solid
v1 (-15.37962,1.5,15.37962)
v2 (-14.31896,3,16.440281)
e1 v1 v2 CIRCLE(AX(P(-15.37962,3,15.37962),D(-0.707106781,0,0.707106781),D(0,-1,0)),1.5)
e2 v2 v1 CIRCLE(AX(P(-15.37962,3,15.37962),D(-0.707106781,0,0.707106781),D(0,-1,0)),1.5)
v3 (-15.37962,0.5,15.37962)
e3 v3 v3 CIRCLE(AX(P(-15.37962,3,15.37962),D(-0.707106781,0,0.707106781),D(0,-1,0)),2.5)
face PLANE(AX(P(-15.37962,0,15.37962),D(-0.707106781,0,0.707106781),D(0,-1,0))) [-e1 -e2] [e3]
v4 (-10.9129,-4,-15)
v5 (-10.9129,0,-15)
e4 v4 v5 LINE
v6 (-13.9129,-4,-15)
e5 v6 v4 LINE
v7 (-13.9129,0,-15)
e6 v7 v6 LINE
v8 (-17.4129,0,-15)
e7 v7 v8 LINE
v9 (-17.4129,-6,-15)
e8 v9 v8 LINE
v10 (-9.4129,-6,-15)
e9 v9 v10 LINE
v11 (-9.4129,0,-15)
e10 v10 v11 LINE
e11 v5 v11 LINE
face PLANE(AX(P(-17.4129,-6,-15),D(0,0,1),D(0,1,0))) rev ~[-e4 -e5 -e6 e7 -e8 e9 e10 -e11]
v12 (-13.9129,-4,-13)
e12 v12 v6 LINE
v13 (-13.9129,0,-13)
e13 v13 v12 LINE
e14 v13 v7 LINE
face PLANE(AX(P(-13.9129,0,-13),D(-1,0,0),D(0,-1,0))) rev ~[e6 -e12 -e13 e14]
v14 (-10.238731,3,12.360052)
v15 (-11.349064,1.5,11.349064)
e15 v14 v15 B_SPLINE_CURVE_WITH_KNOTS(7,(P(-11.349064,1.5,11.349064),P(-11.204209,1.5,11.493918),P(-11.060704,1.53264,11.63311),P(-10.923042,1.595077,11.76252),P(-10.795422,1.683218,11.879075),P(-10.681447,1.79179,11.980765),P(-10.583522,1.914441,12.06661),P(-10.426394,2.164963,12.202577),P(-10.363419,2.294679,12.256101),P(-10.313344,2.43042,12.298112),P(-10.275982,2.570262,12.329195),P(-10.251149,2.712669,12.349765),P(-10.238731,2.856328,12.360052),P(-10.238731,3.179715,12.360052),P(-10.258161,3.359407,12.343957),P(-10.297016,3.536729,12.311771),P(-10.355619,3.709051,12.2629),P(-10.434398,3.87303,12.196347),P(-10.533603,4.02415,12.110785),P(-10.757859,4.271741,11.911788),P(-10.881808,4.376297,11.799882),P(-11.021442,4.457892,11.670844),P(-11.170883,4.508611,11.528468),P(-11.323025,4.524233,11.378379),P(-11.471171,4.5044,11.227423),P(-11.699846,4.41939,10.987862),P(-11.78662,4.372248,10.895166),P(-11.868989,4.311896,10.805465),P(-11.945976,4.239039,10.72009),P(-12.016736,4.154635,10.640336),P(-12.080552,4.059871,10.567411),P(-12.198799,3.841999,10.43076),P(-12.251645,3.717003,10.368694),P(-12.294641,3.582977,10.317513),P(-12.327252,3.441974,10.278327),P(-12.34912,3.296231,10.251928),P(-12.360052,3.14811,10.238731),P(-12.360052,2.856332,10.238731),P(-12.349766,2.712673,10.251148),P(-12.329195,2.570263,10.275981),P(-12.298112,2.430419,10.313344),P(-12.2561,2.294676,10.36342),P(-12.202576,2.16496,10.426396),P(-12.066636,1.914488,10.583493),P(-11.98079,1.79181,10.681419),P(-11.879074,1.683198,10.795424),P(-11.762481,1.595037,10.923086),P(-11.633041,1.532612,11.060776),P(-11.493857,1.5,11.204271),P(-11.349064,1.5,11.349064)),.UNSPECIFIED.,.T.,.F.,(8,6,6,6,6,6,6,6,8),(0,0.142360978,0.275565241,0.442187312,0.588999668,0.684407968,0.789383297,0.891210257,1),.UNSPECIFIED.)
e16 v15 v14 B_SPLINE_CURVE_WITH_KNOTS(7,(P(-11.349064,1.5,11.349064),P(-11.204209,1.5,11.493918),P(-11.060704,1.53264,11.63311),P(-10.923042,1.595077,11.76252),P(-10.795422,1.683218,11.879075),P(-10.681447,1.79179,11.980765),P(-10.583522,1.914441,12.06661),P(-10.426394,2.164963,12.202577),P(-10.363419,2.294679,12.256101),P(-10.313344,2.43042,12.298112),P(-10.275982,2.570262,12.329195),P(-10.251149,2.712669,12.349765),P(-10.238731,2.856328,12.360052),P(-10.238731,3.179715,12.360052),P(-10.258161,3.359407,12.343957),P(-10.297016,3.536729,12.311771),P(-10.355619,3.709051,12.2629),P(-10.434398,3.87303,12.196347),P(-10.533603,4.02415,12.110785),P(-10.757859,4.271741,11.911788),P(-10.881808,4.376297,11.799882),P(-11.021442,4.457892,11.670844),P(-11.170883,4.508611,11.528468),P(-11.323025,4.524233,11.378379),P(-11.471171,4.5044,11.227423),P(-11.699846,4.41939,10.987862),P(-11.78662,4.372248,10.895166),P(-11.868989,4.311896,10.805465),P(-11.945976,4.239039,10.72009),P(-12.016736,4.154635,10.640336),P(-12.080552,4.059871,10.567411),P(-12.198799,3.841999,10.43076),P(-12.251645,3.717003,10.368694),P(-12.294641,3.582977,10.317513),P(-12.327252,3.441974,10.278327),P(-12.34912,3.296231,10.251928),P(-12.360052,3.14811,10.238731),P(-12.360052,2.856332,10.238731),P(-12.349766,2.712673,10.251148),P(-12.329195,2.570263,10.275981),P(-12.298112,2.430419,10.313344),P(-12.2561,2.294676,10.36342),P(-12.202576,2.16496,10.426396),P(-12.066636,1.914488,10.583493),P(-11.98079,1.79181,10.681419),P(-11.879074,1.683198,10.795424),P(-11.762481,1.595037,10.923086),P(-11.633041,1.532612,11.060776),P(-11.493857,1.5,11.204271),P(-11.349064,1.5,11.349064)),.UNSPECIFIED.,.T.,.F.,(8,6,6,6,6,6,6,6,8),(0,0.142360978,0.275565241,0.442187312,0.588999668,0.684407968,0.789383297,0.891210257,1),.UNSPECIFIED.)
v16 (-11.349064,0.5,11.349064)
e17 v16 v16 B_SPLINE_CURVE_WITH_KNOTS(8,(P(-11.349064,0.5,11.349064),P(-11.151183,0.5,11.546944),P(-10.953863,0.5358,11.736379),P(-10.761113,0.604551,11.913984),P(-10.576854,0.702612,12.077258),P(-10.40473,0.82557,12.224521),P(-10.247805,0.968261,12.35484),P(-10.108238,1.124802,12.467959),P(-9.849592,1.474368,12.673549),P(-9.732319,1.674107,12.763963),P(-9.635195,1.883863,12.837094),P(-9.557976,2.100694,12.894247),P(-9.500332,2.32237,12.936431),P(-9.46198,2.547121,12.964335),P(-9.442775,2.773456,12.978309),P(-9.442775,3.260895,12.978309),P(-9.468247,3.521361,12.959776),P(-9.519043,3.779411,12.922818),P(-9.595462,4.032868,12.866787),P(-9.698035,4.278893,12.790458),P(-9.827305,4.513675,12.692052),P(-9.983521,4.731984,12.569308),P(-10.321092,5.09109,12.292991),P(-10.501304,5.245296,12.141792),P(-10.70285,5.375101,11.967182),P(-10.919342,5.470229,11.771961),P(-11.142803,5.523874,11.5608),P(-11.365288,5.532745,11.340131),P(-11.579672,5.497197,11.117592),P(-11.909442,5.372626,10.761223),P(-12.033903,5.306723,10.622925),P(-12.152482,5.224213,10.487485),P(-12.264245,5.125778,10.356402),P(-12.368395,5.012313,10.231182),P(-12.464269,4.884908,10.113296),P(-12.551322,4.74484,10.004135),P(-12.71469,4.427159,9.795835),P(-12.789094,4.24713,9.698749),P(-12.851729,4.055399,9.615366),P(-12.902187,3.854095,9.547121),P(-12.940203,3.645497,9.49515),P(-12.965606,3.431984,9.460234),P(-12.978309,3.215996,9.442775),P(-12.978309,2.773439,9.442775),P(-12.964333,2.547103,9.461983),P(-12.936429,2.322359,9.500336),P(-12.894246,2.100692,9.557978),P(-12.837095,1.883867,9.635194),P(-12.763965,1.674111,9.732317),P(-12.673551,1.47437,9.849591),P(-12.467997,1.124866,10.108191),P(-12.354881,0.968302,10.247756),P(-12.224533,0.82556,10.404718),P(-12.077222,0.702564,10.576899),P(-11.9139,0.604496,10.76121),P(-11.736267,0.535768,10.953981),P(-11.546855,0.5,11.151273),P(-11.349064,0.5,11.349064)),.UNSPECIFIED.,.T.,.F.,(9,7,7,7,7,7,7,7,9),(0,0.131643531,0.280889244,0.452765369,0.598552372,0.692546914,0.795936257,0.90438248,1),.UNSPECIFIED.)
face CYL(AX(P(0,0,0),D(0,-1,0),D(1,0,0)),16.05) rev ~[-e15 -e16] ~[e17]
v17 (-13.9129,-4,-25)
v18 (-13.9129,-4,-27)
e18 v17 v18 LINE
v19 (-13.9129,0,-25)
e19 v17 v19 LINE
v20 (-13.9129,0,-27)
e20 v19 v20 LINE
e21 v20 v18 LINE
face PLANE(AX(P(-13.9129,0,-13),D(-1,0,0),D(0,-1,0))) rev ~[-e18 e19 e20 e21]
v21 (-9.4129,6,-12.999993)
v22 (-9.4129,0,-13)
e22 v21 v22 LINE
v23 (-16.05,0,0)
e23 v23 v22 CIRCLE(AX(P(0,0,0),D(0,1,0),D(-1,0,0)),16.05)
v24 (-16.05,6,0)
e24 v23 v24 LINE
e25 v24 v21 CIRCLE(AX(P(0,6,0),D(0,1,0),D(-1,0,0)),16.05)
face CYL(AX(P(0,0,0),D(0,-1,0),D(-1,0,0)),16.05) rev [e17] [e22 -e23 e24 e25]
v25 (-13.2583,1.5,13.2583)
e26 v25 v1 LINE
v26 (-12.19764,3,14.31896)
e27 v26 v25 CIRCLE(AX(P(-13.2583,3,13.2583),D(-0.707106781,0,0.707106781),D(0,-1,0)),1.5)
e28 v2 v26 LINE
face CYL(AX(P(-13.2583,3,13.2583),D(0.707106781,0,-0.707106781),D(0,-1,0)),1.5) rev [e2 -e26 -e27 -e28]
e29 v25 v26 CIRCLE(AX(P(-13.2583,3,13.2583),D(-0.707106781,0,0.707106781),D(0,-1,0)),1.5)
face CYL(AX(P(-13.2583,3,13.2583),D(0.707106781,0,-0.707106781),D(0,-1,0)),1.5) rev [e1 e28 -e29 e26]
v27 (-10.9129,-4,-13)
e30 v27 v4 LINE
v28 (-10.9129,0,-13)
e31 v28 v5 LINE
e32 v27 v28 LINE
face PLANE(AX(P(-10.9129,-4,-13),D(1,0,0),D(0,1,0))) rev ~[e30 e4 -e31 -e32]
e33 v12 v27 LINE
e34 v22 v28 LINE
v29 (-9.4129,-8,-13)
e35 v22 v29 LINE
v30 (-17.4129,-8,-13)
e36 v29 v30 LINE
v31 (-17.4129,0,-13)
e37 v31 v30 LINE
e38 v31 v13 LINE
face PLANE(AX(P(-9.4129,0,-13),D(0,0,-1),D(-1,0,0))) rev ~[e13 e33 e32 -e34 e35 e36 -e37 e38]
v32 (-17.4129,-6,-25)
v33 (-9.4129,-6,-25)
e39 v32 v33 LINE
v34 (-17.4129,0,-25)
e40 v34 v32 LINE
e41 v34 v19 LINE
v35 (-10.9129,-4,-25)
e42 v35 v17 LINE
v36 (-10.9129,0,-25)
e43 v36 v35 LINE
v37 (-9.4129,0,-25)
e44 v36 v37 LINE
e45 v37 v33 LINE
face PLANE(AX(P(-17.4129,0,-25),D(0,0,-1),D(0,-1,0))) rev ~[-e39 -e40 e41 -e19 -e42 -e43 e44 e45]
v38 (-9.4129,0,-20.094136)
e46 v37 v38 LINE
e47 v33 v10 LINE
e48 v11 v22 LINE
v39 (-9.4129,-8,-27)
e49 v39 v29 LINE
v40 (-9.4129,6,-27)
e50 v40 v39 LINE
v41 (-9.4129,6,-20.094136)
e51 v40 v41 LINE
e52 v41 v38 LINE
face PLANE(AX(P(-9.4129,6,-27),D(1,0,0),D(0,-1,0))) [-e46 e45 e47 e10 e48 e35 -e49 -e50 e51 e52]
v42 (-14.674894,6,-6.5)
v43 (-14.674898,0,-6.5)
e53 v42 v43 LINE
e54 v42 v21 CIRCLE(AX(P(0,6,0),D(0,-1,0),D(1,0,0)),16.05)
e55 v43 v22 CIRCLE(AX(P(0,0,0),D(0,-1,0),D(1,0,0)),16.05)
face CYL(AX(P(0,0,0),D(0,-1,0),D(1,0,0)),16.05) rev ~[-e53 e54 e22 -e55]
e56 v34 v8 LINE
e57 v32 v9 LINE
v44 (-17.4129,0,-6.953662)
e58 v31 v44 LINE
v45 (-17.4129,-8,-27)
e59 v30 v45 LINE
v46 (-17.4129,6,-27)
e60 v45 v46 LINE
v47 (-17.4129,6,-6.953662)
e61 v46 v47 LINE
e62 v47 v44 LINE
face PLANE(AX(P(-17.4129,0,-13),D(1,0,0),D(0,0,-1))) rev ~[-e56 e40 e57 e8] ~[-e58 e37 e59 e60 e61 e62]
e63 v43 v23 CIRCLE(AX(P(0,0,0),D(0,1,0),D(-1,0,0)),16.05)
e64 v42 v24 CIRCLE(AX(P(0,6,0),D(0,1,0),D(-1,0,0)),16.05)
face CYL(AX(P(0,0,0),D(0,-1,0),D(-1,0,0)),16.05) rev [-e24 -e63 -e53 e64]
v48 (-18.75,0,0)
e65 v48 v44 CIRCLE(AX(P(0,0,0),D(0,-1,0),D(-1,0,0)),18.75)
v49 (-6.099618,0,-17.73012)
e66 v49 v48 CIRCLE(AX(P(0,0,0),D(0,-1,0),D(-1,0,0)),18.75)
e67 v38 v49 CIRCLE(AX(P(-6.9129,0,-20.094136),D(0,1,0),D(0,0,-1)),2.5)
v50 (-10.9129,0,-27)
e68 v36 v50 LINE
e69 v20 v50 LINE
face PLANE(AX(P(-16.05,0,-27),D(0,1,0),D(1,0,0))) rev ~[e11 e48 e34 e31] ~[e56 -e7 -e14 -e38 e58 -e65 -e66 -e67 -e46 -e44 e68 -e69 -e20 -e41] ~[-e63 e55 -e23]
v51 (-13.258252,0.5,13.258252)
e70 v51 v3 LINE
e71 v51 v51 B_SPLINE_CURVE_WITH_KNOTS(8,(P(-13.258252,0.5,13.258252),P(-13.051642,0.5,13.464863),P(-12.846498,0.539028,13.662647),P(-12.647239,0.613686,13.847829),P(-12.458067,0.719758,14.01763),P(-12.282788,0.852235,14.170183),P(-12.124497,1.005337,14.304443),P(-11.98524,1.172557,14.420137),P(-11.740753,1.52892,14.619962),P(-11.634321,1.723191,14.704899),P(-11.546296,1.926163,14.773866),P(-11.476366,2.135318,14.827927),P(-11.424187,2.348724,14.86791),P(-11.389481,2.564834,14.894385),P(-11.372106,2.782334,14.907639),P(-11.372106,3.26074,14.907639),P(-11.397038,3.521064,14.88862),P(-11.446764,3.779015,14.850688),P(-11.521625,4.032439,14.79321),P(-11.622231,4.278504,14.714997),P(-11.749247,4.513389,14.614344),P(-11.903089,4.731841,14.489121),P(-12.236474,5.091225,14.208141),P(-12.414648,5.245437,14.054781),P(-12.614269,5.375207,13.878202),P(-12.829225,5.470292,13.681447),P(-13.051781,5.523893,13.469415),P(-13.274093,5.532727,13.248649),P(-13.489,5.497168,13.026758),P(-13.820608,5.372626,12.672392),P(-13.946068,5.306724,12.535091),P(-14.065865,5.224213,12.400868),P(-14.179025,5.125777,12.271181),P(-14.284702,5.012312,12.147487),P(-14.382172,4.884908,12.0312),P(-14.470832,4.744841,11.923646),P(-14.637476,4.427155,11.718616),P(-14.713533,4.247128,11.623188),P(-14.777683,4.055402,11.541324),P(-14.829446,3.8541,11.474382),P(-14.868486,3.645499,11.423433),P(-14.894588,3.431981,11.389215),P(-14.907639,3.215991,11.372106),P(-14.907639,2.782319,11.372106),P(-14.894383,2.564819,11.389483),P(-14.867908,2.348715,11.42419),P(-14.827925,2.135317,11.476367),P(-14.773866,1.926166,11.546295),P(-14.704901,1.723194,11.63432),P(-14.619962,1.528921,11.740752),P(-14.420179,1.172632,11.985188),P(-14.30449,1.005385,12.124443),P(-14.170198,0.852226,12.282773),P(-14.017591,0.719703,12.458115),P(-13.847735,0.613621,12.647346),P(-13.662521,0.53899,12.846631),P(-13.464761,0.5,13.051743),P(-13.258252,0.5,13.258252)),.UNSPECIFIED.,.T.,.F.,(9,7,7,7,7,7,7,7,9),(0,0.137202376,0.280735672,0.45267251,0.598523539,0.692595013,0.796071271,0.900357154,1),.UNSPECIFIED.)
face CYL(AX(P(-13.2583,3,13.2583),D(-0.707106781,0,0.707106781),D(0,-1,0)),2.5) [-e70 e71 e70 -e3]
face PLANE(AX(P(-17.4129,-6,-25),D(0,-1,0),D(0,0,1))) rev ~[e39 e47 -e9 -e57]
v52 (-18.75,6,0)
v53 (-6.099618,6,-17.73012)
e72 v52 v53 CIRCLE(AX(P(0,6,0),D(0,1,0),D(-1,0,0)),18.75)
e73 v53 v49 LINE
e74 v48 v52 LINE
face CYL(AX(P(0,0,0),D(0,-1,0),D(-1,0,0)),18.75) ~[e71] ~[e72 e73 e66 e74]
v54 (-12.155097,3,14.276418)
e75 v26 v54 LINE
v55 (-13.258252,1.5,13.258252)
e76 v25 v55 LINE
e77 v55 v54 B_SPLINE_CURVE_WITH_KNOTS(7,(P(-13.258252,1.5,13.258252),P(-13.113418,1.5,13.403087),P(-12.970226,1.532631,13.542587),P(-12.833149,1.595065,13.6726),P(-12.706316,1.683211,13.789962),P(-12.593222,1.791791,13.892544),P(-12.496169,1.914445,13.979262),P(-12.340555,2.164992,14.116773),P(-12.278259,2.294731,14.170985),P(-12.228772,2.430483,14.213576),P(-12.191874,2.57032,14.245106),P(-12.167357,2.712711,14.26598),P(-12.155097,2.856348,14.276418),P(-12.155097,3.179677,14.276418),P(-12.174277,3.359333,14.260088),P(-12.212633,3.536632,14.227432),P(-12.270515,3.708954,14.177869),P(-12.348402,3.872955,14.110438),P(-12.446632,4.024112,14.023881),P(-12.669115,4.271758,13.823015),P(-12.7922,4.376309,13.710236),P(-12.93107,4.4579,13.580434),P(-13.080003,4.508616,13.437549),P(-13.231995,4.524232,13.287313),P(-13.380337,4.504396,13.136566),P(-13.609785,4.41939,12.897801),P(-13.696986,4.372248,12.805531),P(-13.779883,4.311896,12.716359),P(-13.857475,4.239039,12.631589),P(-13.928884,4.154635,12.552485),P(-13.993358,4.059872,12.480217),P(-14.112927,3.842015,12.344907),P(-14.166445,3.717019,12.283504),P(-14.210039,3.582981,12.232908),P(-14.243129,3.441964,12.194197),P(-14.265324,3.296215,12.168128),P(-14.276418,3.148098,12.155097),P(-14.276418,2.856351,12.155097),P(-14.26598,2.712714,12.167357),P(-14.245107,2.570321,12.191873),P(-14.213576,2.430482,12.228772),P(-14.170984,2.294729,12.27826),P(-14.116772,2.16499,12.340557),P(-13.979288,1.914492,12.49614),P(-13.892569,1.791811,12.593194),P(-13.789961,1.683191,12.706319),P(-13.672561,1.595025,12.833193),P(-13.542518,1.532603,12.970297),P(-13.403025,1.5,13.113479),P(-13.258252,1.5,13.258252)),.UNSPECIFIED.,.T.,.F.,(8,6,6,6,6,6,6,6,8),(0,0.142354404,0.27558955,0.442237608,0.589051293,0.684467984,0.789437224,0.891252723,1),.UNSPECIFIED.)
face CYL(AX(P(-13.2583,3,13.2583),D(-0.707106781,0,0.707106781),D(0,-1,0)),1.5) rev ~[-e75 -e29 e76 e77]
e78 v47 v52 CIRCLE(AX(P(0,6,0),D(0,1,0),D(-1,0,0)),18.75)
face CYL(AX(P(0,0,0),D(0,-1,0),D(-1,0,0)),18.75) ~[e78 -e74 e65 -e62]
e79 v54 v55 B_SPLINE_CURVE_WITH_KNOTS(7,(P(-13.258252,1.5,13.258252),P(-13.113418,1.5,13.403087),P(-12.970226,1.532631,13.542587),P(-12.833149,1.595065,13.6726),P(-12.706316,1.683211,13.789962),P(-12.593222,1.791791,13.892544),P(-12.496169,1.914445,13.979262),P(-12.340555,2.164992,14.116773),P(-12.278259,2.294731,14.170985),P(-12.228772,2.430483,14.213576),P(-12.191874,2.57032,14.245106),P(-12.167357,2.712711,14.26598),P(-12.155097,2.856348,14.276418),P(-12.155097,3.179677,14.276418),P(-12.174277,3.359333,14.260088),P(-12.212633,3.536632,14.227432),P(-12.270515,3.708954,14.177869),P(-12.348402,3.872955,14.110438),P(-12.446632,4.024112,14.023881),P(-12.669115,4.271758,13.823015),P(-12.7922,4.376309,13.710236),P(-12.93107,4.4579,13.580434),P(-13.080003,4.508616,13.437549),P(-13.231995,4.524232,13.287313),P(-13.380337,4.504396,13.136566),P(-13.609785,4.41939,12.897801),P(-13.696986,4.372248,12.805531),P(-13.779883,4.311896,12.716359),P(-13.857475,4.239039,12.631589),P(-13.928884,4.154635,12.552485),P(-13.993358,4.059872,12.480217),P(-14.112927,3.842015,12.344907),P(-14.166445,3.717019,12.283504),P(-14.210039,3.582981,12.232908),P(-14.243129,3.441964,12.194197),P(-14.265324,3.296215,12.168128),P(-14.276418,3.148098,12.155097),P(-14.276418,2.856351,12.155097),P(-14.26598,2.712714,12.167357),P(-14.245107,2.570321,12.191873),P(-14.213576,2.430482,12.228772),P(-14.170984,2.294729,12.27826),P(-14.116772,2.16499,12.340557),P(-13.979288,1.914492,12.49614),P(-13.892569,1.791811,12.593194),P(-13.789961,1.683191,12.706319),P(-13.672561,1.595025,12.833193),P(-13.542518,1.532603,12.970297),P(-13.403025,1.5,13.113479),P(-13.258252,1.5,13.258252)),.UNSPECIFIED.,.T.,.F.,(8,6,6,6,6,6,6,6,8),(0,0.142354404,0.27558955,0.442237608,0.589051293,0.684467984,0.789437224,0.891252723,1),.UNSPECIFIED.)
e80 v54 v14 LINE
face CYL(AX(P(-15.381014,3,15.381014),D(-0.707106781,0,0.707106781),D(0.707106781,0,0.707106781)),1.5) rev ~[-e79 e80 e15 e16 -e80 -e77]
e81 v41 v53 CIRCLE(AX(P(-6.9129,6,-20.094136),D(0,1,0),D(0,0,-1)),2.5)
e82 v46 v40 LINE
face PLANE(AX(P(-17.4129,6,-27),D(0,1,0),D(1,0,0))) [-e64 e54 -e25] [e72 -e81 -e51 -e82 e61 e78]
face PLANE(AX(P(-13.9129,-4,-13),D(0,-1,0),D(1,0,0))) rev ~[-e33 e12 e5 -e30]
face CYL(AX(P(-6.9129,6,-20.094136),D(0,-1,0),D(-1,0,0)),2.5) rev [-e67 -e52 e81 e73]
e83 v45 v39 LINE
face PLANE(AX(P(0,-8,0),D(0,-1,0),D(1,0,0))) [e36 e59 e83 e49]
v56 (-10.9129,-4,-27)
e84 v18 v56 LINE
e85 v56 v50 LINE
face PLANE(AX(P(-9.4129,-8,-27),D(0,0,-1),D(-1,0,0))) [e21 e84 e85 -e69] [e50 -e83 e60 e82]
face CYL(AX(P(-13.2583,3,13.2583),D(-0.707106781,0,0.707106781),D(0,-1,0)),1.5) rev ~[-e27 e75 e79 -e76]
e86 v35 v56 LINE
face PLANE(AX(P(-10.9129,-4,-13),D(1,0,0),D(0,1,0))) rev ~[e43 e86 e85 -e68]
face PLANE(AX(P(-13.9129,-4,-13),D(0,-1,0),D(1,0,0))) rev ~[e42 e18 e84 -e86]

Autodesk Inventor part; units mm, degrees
ref_plane "YZ Plane" through (0, 0, 0) normal (1, 0, 0) x (0, 1, 0)
ref_plane "XZ Plane" through (0, 0, 0) normal (0, 1, 0) x (-1, 0, 0)
sketch "Sketch1" plane through (0, 0, 0) normal (0, 1, 0) x (-1, 0, 0)
  circle A0 centre (0, 0) radius 16.05
  circle A1 centre (0, 0) radius 18.75
  point P0 (18.75, 0)
  point P1 (13.2583, 13.2583)
  dimension "d0" = 32.1
  dimension "d4" = 45
  dimension "d9" = 2.7
extrude "Extrusion1" add sketch "Sketch1" along normal blind 6
ref_plane "Work Plane1" through (-13.2583, 0, 13.2583) normal (-0.7071, 0, 0.7071) x (0, -1, 0)
sketch "Sketch2" plane through (-13.2583, 0, 13.2583) normal (-0.7071, 0, 0.7071) x (0, -1, 0)
  circle A0 centre (-3, 0) radius 1.5
  circle A1 centre (-3, 0) radius 2.5
  point P0 (0, 0)
  dimension "d5" = 3
  dimension "d6" = 5
  dimension "d7" = 3
  dimension "d10" = 0
extrude "Extrusion2" add sketch "Sketch2" along normal mid plane 6
sketch "Sketch3" plane through (-15.3796, 3, 15.3796) normal (-0.7071, 0, 0.7071) x (0.7071, 0, 0.7071)
  circle A0 centre (0, 0) radius 1.5
  point P0 (0, -3)
extrude "Extrusion3" cut sketch "Sketch3" against normal blind 9.75
sketch "Sketch6" plane through (0, 0, 0) normal (0, -1, 0) x (1, 0, 0)
  line L0 (-17.4129, -27) -> (-9.4129, -27)
  line L1 (-9.4129, -27) -> (-9.4129, -13)
  line L2 (-9.4129, -13) -> (-17.4129, -13)
  line L3 (-17.4129, -13) -> (-17.4129, -27)
  circle A0 centre (0, 0) radius 16.05 projected
  point P0 (-13.4129, -27)
  dimension "d15" = 14
  dimension "d16" = 8
  dimension "d34" = 13
extrude "Extrusion4" add sketch "Sketch6" along normal blind 8 contours L3 L2 L1 L0
sketch "Sketch7" plane through (-17.4129, 0, -27) normal (-1, 0, 0) x (0, 0, 1)
  line L0 (12, 0) -> (2, 0)
  line L1 (2, 0) -> (2, -6)
  line L2 (2, -6) -> (12, -6)
  line L3 (12, -6) -> (12, 0)
  line L4 (14, 0) -> (14, -8) projected
  line L5 (14, -8) -> (0, -8) projected
  point P0 (27, 0)
  dimension "d19" = 10
  dimension "d20" = 6
  dimension "d21" = 2
  dimension "d22" = 2
extrude "Extrusion5" cut sketch "Sketch7" against normal blind 10
sketch "Sketch8" plane through (0, 0, -13) normal (0, 0, 1) x (1, 0, 0)
  line L0 (-13.5116, 0) -> (-9.4129, 0) projected
  line L1 (-10.9129, 0) -> (-13.9129, 0)
  line L2 (-13.9129, 0) -> (-13.9129, -4)
  line L3 (-13.9129, -4) -> (-10.9129, -4)
  line L4 (-10.9129, -4) -> (-10.9129, 0)
  line L5 (-9.4129, 0) -> (-9.4129, -8) projected
  line L6 (-17.4129, -6) -> (-9.4129, -6) projected
  point P0 (0, 0)
  point P1 (-4, 0)
  dimension "d25" = 1.5
  dimension "d26" = 3
  dimension "d27" = 2
extrude "Extrusion6" cut sketch "Sketch8" against normal blind 15.25
sketch "Sketch9" plane through (-9.4129, -8, -27) normal (0, 0, -1) x (-1, 0, 0)
  line L0 (6.6371, 8) -> (-25.4629, 8) projected
  line L1 (0, 8) -> (8, 8)
  line L2 (8, 8) -> (8, 14)
  line L3 (8, 14) -> (0, 14)
  line L4 (0, 14) -> (0, 8)
  point P0 (-9.4129, 8)
  dimension "d30" = 6
extrude "Extrusion7" add sketch "Sketch9" against normal blind 20.5
sketch "Sketch10" plane through (0, 0, 0) normal (0, -1, 0) x (1, 0, 0)
  circle A0 centre (0, 0) radius 16.05
  arc A1 (-9.4129, -13) -> (-14.6749, -6.5) centre (0, 0) ccw projected
extrude "Extrusion8" cut sketch "Sketch10" against normal blind 12.5
fillet "Fillet2" radius 2.5 1 edges at (-9.4129, 3, -16.216)
properties part number "DC_Ring"
